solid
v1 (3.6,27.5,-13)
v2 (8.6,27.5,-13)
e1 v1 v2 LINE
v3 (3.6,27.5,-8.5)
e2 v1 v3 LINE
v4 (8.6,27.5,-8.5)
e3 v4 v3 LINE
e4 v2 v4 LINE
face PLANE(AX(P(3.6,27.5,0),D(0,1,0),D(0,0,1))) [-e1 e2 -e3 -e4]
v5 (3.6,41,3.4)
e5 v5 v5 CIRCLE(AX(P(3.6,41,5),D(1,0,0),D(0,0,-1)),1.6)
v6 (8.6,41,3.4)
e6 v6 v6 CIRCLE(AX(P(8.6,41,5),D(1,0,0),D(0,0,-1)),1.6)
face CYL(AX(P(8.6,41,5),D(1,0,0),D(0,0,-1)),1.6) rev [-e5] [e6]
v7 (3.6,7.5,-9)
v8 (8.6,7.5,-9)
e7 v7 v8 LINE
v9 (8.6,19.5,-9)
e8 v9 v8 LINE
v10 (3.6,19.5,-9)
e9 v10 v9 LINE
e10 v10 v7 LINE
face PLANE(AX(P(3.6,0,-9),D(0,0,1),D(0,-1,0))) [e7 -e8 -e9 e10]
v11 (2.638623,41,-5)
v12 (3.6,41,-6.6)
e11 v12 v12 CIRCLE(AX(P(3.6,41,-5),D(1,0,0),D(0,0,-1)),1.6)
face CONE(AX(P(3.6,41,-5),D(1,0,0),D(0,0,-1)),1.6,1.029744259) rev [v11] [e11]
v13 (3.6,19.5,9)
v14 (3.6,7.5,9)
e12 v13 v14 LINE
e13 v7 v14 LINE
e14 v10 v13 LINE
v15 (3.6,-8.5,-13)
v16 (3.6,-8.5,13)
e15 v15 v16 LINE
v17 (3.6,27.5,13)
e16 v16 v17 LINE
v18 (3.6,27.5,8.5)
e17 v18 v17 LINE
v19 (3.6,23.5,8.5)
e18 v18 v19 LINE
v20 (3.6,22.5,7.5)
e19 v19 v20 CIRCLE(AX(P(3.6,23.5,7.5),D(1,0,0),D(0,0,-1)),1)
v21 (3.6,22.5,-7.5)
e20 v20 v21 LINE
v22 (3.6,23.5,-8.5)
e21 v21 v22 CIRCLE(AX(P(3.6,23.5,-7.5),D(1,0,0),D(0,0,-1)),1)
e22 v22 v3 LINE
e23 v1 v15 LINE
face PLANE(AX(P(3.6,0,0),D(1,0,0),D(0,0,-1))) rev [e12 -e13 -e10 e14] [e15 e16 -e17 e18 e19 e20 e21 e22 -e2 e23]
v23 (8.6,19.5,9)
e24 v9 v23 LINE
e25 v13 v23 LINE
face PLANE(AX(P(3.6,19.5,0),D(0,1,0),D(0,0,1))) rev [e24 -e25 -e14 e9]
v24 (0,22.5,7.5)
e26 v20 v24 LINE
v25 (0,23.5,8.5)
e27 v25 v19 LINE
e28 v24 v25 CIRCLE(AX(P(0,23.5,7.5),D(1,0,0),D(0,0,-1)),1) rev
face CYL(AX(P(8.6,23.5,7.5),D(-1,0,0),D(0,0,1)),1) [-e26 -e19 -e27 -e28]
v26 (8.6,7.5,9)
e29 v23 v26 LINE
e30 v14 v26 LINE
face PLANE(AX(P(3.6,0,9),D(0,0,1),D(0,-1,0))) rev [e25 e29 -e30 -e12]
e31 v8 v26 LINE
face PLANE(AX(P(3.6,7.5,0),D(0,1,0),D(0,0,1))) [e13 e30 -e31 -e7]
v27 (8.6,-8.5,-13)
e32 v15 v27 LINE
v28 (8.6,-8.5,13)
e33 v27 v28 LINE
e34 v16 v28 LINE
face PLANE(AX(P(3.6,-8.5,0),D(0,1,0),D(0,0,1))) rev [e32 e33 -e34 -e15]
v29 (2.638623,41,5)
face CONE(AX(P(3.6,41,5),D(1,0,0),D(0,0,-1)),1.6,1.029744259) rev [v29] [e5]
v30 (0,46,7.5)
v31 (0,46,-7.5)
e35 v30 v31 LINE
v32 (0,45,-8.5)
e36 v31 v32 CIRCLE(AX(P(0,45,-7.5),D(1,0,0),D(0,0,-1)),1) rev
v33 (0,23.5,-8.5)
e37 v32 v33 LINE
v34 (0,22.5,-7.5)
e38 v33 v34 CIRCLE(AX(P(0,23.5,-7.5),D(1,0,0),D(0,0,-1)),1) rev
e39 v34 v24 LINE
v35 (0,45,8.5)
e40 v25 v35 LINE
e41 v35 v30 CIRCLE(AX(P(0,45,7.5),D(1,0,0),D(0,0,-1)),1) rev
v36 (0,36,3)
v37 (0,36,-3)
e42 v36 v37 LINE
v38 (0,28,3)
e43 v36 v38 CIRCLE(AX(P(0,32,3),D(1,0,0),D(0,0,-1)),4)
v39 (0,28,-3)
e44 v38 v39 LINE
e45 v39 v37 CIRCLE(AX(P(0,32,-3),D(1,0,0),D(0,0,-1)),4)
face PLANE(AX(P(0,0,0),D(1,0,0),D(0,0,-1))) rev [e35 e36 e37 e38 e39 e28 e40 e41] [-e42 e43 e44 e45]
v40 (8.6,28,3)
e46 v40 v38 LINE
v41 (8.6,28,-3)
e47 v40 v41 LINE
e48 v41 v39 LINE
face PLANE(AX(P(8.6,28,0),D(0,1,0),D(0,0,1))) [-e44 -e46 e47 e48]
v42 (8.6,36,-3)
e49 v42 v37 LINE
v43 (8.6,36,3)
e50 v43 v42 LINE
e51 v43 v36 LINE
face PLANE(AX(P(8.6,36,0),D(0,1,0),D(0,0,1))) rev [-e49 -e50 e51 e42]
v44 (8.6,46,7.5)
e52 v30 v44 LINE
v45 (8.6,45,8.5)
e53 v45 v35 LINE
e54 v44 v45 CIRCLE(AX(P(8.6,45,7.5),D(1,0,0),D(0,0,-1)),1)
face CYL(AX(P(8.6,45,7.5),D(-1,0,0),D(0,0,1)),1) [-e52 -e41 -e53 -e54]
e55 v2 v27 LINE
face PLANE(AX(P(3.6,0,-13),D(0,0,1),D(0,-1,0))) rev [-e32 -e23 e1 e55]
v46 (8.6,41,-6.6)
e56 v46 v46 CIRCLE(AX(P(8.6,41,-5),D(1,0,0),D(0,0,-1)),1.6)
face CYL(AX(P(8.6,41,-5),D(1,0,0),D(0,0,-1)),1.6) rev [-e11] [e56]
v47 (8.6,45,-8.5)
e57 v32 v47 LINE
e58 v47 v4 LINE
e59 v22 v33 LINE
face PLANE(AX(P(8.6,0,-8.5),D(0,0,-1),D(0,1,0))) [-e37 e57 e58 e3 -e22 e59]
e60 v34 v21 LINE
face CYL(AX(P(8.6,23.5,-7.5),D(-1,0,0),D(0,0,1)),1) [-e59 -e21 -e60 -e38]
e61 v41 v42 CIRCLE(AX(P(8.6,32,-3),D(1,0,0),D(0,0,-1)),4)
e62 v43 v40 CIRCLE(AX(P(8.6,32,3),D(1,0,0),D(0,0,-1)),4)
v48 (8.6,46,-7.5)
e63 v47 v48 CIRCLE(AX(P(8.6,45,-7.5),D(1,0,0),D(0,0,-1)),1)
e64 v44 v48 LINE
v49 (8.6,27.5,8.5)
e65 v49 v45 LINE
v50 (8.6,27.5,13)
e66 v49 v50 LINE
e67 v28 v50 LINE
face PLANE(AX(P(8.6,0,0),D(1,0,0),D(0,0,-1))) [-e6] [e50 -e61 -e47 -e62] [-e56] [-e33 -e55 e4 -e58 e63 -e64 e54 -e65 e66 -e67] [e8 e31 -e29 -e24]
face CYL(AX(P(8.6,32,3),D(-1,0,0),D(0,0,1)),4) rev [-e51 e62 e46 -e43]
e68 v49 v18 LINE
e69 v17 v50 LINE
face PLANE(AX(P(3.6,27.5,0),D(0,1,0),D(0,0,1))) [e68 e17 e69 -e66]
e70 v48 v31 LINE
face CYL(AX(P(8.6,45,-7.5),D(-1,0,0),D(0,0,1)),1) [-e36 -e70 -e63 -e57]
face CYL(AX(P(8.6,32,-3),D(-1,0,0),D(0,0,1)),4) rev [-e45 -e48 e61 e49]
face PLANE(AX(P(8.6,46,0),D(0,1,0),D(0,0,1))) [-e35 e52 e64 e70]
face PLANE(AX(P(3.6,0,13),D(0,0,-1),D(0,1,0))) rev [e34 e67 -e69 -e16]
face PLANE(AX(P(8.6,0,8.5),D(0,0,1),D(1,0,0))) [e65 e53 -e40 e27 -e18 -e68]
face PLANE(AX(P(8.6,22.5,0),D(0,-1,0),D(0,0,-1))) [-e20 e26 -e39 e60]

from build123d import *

# Parameters (mm, degrees)
BOSS_EXTRUDE1_START      = 3.6
SKETCH2_W                = 22
SKETCH2_H                = 28
SKETCH2_W_2              = 18
SKETCH2_H_2              = 12
SKETCH2_W_3              = 4.5
SKETCH2_H_3              = 5
SKETCH2_W_4              = 17
BOSS_EXTRUDE1_DEPTH      = 5
SKETCH2_3_W              = 17
SKETCH2_3_H              = 5
BOSS_EXTRUDE2_DEPTH      = 8.6
SKETCH2_7_W              = 17
SKETCH2_7_H              = 18.5
BOSS_EXTRUDE3_DEPTH      = 8.6
M3_CLEARANCE_HOLE1_D     = 3.2
M3_CLEARANCE_HOLE1_DEPTH = 5
M3_CLEARANCE_HOLE1_TIP   = 0.96137699
FILLET1_R                = 1


with BuildPart() as part:
    # Sketch2 → Boss-Extrude1 (new body)
    # profile 1 of 5: a face of its own
    with BuildSketch(Plane(origin=(0, 0, 0), x_dir=(0, 0, -1), z_dir=(1, 0, 0)).offset(BOSS_EXTRUDE1_START)):
        Polygon((-13, 22.5), (-8.5, 22.5), (8.5, 22.5), (13, 22.5), (13, -8.5), (-13, -8.5), align=None)
        with Locations((0, 6.5)):
            Rectangle(SKETCH2_W, SKETCH2_H, mode=Mode.SUBTRACT)
    # profile 2 of 5: a face of its own
    with BuildSketch(Plane(origin=(0, 0, 0), x_dir=(0, 0, -1), z_dir=(1, 0, 0)).offset(BOSS_EXTRUDE1_START)):
        with Locations((0, 6.5)):
            Rectangle(SKETCH2_W, SKETCH2_H)
        with Locations((0, 13.5)):
            Rectangle(SKETCH2_W_2, SKETCH2_H_2, mode=Mode.SUBTRACT)
    # profile 3 of 5: a face of its own
    with BuildSketch(Plane(origin=(0, 0, 0), x_dir=(0, 0, -1), z_dir=(1, 0, 0)).offset(BOSS_EXTRUDE1_START)):
        with Locations((10.75, 25)):
            Rectangle(SKETCH2_W_3, SKETCH2_H_3)
    # profile 4 of 5: a face of its own
    with BuildSketch(Plane(origin=(0, 0, 0), x_dir=(0, 0, -1), z_dir=(1, 0, 0)).offset(BOSS_EXTRUDE1_START)):
        with Locations((0, 25)):
            Rectangle(SKETCH2_W_4, SKETCH2_H_3)
    # profile 5 of 5: a face of its own
    with BuildSketch(Plane(origin=(0, 0, 0), x_dir=(0, 0, -1), z_dir=(1, 0, 0)).offset(BOSS_EXTRUDE1_START)):
        with Locations((-10.75, 25)):
            Rectangle(SKETCH2_W_3, SKETCH2_H_3)
    extrude(amount=BOSS_EXTRUDE1_DEPTH)

    # Sketch2<3> → Boss-Extrude2 (add)
    with BuildSketch(Plane(origin=(0, 0, 0), x_dir=(0, 0, -1), z_dir=(1, 0, 0))):
        with Locations((0, 25)):
            Rectangle(SKETCH2_3_W, SKETCH2_3_H)
    extrude(amount=BOSS_EXTRUDE2_DEPTH)

    # Sketch2<7> → Boss-Extrude3 (add)
    with BuildSketch(Plane(origin=(0, 0, 0), x_dir=(0, 0, -1), z_dir=(1, 0, 0))):
        with Locations((0, 36.75)):
            Rectangle(SKETCH2_7_W, SKETCH2_7_H)
        with BuildLine():
            Line((3, 28), (-3, 28))
            ThreePointArc((-3, 28), (-7, 32), (-3, 36))
            Line((-3, 36), (3, 36))
            ThreePointArc((3, 36), (7, 32), (3, 28))
        make_face(mode=Mode.SUBTRACT)
    extrude(amount=BOSS_EXTRUDE3_DEPTH)

    # M3 Clearance Hole1
    with Locations(Plane(origin=(8.6, 0, 0), x_dir=(0, 0, -1), z_dir=(1, 0, 0))):
        with Locations((-5, 41), (5, 41)):
            Hole(M3_CLEARANCE_HOLE1_D / 2, depth=M3_CLEARANCE_HOLE1_DEPTH)
            with Locations((0, 0, -(M3_CLEARANCE_HOLE1_DEPTH + M3_CLEARANCE_HOLE1_TIP / 2))):  # 118° drill point
                Cone(0, M3_CLEARANCE_HOLE1_D / 2, M3_CLEARANCE_HOLE1_TIP, mode=Mode.SUBTRACT)

    # Fillet1
    fillet1_edges = [part.edges().sort_by_distance(p)[0] for p in [
        (1.8, 22.5, 8.5),
        (1.8, 22.5, -8.5),
        (4.3, 46, -8.5),
        (4.3, 46, 8.5),
    ]]
    fillet(fillet1_edges, radius=FILLET1_R)


solid = part.part
